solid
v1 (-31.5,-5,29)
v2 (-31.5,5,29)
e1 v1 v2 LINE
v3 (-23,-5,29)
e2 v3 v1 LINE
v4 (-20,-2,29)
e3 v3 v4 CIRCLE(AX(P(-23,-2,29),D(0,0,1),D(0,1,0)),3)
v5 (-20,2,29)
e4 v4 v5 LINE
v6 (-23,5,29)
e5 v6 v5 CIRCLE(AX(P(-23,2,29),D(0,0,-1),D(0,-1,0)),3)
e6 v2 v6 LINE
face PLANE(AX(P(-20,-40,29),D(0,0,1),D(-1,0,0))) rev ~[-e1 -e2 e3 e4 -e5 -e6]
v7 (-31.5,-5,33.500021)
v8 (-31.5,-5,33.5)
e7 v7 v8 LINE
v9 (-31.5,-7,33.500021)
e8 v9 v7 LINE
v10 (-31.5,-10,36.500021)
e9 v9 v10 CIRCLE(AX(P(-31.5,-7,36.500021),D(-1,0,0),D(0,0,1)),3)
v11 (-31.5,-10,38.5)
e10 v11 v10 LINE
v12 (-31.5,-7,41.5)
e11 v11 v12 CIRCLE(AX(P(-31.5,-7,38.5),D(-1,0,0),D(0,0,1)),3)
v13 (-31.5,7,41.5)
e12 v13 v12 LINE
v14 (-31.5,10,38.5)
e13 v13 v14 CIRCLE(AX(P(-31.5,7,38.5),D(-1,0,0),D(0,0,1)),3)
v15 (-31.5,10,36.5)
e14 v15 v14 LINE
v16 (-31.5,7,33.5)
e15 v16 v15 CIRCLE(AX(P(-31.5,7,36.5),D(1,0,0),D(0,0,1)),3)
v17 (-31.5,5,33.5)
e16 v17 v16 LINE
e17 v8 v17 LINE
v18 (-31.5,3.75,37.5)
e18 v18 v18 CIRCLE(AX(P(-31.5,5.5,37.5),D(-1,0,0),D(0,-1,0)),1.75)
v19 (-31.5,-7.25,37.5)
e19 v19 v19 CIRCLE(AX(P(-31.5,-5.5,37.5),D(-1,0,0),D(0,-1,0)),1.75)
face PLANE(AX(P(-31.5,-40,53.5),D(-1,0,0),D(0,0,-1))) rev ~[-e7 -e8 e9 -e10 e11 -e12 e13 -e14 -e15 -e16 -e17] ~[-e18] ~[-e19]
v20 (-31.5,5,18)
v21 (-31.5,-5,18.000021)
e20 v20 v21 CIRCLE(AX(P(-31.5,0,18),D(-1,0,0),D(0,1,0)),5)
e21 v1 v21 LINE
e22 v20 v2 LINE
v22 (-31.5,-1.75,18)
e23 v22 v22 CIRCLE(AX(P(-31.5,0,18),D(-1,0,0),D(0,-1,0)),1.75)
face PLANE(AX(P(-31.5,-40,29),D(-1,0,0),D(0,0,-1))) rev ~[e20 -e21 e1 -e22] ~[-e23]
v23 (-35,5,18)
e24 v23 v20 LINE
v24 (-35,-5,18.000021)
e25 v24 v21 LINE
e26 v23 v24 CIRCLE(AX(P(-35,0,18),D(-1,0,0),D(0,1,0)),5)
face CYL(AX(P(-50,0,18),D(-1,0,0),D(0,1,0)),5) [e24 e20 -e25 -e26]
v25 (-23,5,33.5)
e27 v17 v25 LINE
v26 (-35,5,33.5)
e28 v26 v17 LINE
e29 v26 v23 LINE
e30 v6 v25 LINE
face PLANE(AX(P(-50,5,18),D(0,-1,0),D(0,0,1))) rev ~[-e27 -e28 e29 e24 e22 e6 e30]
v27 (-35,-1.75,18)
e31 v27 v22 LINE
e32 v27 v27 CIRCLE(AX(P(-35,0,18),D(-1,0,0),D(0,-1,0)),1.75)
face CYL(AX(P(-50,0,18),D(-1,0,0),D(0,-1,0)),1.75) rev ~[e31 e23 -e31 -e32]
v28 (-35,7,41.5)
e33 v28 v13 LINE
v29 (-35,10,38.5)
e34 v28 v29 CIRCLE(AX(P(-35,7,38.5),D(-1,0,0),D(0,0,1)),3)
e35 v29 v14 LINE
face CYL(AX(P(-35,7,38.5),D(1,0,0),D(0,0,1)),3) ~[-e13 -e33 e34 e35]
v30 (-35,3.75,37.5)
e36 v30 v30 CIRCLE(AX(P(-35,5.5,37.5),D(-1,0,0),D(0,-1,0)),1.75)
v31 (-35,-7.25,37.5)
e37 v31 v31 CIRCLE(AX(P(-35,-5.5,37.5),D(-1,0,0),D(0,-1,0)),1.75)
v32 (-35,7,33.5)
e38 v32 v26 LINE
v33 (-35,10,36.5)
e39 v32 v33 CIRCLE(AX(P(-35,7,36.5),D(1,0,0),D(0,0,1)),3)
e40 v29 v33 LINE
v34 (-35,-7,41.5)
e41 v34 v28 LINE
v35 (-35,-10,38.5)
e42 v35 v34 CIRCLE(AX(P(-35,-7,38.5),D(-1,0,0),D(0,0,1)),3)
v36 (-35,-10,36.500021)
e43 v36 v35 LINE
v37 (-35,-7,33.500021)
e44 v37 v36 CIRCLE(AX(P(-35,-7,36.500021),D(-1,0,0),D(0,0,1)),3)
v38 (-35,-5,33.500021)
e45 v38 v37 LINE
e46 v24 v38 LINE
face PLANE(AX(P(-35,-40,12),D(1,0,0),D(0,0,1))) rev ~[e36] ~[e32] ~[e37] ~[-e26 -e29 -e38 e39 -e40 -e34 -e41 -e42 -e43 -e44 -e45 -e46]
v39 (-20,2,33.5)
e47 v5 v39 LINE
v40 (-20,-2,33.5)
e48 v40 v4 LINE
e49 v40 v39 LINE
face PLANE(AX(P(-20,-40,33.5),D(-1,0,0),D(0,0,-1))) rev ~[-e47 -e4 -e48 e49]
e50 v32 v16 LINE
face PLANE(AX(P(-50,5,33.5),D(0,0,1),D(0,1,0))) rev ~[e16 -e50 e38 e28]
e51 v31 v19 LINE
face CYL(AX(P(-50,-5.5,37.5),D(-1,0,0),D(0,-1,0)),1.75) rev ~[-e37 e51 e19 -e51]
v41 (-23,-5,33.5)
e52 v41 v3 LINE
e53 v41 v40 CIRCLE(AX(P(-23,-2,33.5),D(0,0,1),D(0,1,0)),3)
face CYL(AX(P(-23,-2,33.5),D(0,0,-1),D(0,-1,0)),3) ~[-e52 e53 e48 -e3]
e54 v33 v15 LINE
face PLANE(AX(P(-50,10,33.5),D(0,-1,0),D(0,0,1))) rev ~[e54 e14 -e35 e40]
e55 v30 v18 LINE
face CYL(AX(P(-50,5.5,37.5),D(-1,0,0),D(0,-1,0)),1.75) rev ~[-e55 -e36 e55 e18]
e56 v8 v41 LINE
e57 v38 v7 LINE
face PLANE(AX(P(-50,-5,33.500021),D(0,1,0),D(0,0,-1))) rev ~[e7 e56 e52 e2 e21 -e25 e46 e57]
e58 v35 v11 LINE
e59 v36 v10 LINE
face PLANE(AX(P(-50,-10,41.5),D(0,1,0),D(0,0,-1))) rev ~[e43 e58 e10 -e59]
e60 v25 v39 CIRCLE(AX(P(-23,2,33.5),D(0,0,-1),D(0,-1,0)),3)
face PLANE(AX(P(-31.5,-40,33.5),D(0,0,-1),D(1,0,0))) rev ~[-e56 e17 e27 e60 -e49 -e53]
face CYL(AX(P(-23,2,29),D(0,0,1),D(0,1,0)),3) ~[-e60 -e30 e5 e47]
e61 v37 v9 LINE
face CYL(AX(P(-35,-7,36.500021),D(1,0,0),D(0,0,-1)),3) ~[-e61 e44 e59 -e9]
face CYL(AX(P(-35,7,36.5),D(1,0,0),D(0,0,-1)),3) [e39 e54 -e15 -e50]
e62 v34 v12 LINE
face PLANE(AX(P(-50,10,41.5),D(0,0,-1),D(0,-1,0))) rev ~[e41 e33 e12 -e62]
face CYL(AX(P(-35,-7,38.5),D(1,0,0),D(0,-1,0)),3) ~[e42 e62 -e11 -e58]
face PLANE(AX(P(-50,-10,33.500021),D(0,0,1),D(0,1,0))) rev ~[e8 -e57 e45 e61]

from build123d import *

# Parameters (mm, degrees)
SKETCH023_R  = 1.75
PAD024_DEPTH = 40
PAD025_DEPTH = 70
FILLET011_R  = 3


with BuildPart() as pad024:
    # Sketch023 → Pad024 (new body)
    with BuildSketch(Plane(origin=(-50, 0, 0), x_dir=(0, -1, 0), z_dir=(-1, 0, 0))):
        with BuildLine():
            ThreePointArc((-5, 18), (1e-05, 13), (5, 18.000021))
            Line((5, 33.500021), (5, 18.000021))
            Line((10, 33.500021), (5, 33.500021))
            Line((10, 41.5), (10, 33.500021))
            Line((-10, 41.5), (10, 41.5))
            Line((-10, 33.5), (-10, 41.5))
            Line((-5, 33.5), (-10, 33.5))
            Line((-5, 18), (-5, 33.5))
        make_face()
        with Locations((-5.5, 37.5)):
            Circle(SKETCH023_R, mode=Mode.SUBTRACT)
        with Locations((5.5, 37.5)):
            Circle(SKETCH023_R, mode=Mode.SUBTRACT)
        with Locations((0, 18)):
            Circle(SKETCH023_R, mode=Mode.SUBTRACT)
    extrude(amount=-PAD024_DEPTH)


with BuildPart() as support:
    # Sketch022 → Pad025 (new body)
    with BuildSketch(Plane.XZ.offset(40)):
        Polygon((-31.5, 12), (-35, 12), (-35, 53.5), (-31.5, 53.5), (-31.5, 33.5), (-20, 33.5), (-20, 29), (-31.5, 29), align=None)
    extrude(amount=-PAD025_DEPTH)

    # Common001: intersect Pad024
    add(pad024.part, mode=Mode.INTERSECT)

    # Fillet011
    fillet011_edges = [support.edges().sort_by_distance(p)[0] for p in [
        (-20, -5, 31.25),
        (-20, 5, 31.25),
        (-33.25, -10, 33.500021),
        (-33.25, 10, 33.5),
        (-33.25, -10, 41.5),
        (-33.25, 10, 41.5),
    ]]
    fillet(fillet011_edges, radius=FILLET011_R)


solid = support.part
